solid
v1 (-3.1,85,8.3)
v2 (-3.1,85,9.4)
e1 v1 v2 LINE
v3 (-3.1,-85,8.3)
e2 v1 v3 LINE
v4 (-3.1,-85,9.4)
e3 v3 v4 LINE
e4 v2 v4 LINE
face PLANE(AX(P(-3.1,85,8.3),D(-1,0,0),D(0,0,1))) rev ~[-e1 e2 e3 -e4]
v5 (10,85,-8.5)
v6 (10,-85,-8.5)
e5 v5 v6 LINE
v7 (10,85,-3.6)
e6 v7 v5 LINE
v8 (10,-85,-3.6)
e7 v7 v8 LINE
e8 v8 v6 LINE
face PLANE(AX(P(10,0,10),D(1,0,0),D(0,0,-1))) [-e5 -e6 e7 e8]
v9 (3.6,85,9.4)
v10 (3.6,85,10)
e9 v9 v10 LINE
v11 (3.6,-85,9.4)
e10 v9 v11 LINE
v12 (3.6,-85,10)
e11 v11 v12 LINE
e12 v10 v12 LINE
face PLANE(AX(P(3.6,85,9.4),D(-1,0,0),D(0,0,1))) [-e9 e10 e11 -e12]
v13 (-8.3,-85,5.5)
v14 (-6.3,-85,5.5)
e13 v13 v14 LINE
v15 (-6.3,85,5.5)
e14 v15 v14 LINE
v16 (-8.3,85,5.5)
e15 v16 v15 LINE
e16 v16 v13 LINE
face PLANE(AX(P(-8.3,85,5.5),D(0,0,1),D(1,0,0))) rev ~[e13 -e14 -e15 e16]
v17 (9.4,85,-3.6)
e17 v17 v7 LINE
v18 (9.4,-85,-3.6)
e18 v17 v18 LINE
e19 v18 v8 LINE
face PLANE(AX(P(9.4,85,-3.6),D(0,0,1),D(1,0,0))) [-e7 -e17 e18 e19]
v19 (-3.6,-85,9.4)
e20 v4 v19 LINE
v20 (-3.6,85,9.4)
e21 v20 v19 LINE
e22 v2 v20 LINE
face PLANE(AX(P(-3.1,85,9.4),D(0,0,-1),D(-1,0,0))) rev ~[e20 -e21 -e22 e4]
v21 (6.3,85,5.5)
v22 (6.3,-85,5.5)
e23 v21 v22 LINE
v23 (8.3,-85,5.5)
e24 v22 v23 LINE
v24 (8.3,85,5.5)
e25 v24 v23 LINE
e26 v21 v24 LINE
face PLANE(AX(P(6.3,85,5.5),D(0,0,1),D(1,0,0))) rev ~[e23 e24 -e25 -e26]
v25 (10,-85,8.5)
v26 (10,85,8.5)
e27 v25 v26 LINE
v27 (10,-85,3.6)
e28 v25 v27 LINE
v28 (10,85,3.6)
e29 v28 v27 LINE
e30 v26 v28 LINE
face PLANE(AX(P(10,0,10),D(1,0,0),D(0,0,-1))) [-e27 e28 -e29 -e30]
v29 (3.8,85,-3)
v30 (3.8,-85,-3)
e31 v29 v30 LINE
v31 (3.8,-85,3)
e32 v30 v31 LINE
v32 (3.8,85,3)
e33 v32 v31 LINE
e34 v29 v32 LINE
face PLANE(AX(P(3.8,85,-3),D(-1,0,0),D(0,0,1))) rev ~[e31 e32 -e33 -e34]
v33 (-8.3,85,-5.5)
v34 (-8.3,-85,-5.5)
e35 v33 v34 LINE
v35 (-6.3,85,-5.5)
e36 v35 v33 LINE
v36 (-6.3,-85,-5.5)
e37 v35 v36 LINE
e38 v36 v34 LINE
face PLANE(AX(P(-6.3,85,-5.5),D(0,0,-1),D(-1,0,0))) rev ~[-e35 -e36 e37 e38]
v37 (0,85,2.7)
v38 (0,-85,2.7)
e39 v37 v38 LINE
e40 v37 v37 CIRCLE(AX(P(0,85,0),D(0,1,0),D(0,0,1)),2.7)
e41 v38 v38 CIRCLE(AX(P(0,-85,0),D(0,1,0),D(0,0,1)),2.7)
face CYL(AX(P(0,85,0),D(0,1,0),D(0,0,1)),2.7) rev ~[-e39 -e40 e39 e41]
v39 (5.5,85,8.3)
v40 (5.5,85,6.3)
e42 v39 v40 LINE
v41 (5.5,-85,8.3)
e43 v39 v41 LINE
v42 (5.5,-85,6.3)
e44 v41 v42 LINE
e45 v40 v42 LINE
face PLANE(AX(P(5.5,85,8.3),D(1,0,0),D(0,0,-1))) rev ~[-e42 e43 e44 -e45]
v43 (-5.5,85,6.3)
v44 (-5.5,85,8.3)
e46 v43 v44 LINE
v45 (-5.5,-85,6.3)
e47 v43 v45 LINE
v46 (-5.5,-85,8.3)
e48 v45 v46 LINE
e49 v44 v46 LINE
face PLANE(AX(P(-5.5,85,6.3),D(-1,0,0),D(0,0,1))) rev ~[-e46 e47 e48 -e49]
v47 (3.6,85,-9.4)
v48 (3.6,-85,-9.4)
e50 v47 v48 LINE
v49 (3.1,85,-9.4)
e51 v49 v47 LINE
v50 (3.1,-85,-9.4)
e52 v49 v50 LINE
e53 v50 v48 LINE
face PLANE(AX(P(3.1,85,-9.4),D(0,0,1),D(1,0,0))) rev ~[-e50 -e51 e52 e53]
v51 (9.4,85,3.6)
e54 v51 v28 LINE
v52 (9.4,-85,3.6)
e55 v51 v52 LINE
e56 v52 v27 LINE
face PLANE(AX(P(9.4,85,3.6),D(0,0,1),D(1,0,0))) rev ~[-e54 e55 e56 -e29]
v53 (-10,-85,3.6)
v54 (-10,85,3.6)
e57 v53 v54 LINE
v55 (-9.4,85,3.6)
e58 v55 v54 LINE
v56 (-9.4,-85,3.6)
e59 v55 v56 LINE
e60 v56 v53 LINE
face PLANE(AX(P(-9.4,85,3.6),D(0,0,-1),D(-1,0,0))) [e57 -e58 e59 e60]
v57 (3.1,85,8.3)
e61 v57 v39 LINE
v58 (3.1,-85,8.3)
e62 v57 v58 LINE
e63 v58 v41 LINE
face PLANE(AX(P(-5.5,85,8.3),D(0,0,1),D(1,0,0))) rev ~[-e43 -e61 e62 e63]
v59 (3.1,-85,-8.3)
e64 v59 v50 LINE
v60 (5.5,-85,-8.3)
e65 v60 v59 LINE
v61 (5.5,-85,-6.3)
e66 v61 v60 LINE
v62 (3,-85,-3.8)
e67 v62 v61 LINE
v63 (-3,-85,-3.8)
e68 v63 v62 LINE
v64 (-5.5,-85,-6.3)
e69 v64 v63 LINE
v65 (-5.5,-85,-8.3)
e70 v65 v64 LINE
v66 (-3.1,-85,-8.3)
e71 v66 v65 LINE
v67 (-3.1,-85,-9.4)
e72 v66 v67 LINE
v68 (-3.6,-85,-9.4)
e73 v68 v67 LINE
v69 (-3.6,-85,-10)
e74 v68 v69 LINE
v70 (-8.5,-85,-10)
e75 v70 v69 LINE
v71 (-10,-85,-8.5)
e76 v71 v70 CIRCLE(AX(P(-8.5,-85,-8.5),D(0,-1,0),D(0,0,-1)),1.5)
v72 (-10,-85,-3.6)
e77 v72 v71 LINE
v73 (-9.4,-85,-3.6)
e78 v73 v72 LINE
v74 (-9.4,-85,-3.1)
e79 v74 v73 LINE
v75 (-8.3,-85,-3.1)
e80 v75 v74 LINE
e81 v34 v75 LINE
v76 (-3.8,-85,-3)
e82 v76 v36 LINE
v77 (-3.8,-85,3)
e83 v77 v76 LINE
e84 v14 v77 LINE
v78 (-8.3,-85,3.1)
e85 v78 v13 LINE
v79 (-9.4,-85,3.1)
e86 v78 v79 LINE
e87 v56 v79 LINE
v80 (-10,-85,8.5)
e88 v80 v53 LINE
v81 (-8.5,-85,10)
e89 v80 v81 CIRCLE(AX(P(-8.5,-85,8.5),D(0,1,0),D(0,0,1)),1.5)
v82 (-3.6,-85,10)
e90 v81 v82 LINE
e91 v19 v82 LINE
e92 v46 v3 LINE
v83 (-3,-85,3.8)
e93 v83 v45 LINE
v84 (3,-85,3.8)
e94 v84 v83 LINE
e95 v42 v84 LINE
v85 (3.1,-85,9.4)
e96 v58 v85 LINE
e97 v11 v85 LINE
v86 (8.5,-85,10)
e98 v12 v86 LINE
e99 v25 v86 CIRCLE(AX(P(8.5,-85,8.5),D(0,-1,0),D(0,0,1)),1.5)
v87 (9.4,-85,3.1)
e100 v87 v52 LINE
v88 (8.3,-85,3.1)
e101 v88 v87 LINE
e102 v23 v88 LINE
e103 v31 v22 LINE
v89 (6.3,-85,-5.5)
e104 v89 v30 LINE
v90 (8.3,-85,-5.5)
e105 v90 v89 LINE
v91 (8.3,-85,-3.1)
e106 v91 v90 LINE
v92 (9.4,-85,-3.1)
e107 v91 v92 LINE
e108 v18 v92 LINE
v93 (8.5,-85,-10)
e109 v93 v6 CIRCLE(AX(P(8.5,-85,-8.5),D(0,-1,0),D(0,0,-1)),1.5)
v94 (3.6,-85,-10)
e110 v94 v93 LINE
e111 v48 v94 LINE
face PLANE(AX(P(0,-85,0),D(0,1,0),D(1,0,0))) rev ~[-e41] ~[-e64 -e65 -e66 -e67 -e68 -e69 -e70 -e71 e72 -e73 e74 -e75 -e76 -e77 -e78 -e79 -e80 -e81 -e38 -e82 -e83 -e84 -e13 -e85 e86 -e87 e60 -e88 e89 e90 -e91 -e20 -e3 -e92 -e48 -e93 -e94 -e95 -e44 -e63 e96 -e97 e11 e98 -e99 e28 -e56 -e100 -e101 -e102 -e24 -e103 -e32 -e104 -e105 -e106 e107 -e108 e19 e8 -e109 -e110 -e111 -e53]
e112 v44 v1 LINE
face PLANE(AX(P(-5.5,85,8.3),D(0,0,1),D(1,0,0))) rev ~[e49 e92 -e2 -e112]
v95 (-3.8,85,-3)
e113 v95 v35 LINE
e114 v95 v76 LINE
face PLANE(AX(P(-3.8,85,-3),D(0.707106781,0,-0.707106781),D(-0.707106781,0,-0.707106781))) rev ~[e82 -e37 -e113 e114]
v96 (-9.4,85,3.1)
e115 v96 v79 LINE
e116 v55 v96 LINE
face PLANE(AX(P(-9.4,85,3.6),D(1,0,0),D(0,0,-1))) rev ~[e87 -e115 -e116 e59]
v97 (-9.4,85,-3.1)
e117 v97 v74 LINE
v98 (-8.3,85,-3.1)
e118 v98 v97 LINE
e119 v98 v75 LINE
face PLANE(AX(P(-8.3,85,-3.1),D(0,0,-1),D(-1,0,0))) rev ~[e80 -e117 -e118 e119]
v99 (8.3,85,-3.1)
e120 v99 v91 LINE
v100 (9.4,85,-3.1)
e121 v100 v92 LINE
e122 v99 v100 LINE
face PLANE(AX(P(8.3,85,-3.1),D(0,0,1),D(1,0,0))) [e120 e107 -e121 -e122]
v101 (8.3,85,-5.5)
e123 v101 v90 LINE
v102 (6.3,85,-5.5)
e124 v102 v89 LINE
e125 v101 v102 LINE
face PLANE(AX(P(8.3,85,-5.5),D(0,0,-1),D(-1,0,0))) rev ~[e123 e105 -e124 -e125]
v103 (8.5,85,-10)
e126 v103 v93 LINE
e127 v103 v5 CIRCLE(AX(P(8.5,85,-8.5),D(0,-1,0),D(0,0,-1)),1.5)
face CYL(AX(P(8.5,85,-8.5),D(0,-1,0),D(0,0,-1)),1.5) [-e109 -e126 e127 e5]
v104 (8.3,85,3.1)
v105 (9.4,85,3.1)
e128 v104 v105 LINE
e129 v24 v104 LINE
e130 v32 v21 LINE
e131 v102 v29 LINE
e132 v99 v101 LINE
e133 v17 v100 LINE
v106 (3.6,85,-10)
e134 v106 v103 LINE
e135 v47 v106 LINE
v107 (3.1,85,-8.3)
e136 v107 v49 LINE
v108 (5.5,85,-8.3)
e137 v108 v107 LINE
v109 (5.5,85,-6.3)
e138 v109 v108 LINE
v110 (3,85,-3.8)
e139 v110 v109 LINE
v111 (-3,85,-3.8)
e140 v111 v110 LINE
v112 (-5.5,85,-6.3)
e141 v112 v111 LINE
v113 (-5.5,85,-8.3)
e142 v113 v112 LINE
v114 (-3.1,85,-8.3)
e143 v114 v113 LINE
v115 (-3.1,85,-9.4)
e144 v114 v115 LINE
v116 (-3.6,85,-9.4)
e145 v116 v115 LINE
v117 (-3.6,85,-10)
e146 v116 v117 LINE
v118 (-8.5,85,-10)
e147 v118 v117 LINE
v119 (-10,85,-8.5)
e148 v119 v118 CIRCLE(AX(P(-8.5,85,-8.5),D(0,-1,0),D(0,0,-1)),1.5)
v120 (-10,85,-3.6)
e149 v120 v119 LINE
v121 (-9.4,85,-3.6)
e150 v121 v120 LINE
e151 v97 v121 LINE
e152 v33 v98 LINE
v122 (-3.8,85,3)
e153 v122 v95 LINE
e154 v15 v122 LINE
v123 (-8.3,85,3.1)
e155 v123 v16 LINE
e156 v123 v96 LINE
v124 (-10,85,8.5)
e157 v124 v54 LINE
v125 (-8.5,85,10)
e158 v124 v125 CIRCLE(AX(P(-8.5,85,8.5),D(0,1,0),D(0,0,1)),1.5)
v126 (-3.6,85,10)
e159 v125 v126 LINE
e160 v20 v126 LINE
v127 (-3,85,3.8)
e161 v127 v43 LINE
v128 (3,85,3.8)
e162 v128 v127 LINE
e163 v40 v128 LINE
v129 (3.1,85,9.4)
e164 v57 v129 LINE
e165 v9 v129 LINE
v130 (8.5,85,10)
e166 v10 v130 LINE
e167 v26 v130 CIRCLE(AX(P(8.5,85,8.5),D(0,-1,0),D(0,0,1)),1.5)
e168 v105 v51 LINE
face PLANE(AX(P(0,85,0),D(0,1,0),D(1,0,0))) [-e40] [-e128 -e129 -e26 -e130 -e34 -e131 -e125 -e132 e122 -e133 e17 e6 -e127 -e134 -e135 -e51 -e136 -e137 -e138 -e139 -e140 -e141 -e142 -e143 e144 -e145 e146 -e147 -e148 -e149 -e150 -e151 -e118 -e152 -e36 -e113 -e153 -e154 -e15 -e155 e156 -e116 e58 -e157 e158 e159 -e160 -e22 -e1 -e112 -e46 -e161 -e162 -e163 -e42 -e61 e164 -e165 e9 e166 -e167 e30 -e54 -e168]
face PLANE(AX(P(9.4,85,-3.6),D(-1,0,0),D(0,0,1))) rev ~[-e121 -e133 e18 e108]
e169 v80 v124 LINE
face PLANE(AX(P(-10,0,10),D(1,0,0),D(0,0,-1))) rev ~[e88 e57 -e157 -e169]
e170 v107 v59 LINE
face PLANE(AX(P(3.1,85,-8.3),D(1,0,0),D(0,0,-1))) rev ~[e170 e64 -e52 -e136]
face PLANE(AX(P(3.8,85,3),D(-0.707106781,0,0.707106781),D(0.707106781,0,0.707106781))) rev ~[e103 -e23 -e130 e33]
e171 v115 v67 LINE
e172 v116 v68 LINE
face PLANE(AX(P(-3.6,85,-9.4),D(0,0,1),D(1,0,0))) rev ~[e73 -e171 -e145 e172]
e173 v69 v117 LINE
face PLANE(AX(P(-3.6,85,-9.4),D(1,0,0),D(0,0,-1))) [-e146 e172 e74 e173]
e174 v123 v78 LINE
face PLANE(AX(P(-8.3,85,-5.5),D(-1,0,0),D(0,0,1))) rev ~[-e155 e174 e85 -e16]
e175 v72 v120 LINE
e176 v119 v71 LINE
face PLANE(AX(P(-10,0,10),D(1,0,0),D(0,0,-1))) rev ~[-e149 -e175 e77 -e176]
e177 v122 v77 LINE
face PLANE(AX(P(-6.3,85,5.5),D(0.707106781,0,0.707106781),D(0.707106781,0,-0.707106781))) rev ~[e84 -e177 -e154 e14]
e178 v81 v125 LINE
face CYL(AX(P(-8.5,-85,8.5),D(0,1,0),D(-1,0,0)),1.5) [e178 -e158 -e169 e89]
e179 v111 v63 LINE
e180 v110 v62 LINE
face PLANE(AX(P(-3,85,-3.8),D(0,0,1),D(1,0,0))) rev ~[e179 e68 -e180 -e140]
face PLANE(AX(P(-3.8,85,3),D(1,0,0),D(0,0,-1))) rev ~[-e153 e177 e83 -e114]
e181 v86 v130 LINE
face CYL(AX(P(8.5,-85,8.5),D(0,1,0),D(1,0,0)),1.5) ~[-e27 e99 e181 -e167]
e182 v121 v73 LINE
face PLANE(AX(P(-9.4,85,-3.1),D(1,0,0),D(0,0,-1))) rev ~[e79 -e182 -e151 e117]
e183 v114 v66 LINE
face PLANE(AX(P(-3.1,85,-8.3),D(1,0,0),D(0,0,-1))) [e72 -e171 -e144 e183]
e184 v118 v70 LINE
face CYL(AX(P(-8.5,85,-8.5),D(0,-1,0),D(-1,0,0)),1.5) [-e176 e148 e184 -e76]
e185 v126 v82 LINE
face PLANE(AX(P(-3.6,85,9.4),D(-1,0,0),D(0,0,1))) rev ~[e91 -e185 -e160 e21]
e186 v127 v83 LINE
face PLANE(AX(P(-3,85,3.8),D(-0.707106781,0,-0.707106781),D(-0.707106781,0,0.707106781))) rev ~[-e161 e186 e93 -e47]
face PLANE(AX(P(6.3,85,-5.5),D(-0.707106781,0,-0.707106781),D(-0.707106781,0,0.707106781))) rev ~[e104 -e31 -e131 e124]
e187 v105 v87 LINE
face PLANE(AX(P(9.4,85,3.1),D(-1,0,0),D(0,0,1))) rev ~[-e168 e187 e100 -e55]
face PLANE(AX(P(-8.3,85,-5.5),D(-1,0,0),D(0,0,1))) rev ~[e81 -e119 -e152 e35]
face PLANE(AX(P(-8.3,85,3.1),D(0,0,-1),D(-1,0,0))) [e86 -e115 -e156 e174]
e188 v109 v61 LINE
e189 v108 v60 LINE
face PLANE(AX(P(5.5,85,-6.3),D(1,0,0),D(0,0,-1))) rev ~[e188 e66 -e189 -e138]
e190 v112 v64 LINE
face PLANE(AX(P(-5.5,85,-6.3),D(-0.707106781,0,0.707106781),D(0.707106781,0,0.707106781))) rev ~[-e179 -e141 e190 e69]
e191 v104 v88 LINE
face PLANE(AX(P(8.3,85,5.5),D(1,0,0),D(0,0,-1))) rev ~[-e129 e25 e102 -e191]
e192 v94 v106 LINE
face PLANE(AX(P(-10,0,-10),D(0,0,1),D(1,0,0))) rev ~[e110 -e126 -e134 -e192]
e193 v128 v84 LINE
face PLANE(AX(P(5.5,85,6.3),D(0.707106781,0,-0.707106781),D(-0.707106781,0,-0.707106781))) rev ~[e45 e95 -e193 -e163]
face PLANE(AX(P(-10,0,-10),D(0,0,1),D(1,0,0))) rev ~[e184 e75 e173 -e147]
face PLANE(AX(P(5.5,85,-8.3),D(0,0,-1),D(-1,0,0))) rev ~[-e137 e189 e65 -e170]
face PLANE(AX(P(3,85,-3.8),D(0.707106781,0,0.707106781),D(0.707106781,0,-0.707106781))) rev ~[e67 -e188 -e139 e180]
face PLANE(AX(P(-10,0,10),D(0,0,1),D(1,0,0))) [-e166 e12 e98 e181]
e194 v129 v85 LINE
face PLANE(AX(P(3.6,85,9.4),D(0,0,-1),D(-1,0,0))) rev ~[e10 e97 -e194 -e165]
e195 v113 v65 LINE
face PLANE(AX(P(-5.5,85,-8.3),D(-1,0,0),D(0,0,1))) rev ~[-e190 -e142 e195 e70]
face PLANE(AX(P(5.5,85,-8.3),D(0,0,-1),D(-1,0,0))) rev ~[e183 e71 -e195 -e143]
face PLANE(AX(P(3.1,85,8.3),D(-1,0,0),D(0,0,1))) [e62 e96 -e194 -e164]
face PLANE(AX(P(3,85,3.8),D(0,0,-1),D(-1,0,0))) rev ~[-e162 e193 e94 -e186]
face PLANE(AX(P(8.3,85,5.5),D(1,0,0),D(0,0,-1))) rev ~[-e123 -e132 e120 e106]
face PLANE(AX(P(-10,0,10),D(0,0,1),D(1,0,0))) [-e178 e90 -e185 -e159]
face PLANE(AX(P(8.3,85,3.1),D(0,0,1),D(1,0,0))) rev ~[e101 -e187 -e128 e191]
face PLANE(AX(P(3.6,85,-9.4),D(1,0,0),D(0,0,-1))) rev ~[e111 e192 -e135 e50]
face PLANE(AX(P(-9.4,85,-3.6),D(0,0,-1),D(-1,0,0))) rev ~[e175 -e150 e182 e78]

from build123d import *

# Parameters (mm, degrees)
SKETCH_1_W               = 20
SKETCH_1_H               = 20
EXTRUDE_1_DEPTH          = 85
SKETCH_4_R               = 2.7
CUT_EXTRUDE_3_DEPTH      = 9999
SKETCH_2_W               = 7.2
SKETCH_2_H               = 1.2
SKETCH_2_W_2             = 6.2
SKETCH_2_H_2             = 3.4
CUT_EXTRUDE_1_DEPTH      = 9999
CUT_EXTRUDE_2_DEPTH      = 9999
PATTERN_CIRCULAR_5_COUNT = 4
FILLET_1_R               = 1.5


with BuildPart() as part:
    # 草图1 → 凸台-拉伸1 (new, symmetric)
    with BuildSketch(Plane(origin=(0, 0, 0), x_dir=(1, 0, 0), z_dir=(0, 1, 0))):
        Rectangle(SKETCH_1_W, SKETCH_1_H)
    extrude(amount=EXTRUDE_1_DEPTH, both=True)

    # 草图4 → 切除-拉伸3 (cut)
    with BuildSketch(Plane(origin=(0, 85, 0), x_dir=(1, 0, 0), z_dir=(0, 1, 0))):
        with Locations(Location((0, 0, 0), (0, 0, 270))):
            Circle(SKETCH_4_R)
    extrude(amount=-CUT_EXTRUDE_3_DEPTH, mode=Mode.SUBTRACT)

    # 草图2 → 切除-拉伸1 (cut)
    with BuildSketch(Plane(origin=(0, 85, 0), x_dir=(1, 0, 0), z_dir=(0, 1, 0))):
        with Locations((0, 10)):
            Rectangle(SKETCH_2_W, SKETCH_2_H)
        with Locations((0, 10)):
            Rectangle(SKETCH_2_W_2, SKETCH_2_H_2)
    cut_extrude_1 = extrude(amount=-CUT_EXTRUDE_1_DEPTH, mode=Mode.SUBTRACT)

    # 草图3 → 切除-拉伸2 (cut)
    with BuildSketch(Plane(origin=(0, 85, 0), x_dir=(1, 0, 0), z_dir=(0, 1, 0))):
        Polygon((5.5, 8.3), (-5.5, 8.3), (-5.5, 6.3), (-3, 3.8), (3, 3.8), (5.5, 6.3), align=None)
    cut_extrude_2 = extrude(amount=-CUT_EXTRUDE_2_DEPTH, mode=Mode.SUBTRACT)

    # 阵列(圆周)5: 切除-拉伸1, 切除-拉伸2 ×4 about axis
    pattern_circular_5_axis = Axis((0, 0, 0), (0, 1, 0))
    add([cut_extrude_1.rotate(pattern_circular_5_axis, i * 360 / PATTERN_CIRCULAR_5_COUNT) for i in range(1, PATTERN_CIRCULAR_5_COUNT)], mode=Mode.SUBTRACT)
    add([cut_extrude_2.rotate(pattern_circular_5_axis, i * 360 / PATTERN_CIRCULAR_5_COUNT) for i in range(1, PATTERN_CIRCULAR_5_COUNT)], mode=Mode.SUBTRACT)

    # 圆角1
    fillet_1_edges = [part.edges().sort_by_distance(p)[0] for p in [
        (10, 0, 10),
        (-10, 0, 10),
        (-10, 0, -10),
        (10, 0, -10),
    ]]
    fillet(fillet_1_edges, radius=FILLET_1_R)


solid = part.part
